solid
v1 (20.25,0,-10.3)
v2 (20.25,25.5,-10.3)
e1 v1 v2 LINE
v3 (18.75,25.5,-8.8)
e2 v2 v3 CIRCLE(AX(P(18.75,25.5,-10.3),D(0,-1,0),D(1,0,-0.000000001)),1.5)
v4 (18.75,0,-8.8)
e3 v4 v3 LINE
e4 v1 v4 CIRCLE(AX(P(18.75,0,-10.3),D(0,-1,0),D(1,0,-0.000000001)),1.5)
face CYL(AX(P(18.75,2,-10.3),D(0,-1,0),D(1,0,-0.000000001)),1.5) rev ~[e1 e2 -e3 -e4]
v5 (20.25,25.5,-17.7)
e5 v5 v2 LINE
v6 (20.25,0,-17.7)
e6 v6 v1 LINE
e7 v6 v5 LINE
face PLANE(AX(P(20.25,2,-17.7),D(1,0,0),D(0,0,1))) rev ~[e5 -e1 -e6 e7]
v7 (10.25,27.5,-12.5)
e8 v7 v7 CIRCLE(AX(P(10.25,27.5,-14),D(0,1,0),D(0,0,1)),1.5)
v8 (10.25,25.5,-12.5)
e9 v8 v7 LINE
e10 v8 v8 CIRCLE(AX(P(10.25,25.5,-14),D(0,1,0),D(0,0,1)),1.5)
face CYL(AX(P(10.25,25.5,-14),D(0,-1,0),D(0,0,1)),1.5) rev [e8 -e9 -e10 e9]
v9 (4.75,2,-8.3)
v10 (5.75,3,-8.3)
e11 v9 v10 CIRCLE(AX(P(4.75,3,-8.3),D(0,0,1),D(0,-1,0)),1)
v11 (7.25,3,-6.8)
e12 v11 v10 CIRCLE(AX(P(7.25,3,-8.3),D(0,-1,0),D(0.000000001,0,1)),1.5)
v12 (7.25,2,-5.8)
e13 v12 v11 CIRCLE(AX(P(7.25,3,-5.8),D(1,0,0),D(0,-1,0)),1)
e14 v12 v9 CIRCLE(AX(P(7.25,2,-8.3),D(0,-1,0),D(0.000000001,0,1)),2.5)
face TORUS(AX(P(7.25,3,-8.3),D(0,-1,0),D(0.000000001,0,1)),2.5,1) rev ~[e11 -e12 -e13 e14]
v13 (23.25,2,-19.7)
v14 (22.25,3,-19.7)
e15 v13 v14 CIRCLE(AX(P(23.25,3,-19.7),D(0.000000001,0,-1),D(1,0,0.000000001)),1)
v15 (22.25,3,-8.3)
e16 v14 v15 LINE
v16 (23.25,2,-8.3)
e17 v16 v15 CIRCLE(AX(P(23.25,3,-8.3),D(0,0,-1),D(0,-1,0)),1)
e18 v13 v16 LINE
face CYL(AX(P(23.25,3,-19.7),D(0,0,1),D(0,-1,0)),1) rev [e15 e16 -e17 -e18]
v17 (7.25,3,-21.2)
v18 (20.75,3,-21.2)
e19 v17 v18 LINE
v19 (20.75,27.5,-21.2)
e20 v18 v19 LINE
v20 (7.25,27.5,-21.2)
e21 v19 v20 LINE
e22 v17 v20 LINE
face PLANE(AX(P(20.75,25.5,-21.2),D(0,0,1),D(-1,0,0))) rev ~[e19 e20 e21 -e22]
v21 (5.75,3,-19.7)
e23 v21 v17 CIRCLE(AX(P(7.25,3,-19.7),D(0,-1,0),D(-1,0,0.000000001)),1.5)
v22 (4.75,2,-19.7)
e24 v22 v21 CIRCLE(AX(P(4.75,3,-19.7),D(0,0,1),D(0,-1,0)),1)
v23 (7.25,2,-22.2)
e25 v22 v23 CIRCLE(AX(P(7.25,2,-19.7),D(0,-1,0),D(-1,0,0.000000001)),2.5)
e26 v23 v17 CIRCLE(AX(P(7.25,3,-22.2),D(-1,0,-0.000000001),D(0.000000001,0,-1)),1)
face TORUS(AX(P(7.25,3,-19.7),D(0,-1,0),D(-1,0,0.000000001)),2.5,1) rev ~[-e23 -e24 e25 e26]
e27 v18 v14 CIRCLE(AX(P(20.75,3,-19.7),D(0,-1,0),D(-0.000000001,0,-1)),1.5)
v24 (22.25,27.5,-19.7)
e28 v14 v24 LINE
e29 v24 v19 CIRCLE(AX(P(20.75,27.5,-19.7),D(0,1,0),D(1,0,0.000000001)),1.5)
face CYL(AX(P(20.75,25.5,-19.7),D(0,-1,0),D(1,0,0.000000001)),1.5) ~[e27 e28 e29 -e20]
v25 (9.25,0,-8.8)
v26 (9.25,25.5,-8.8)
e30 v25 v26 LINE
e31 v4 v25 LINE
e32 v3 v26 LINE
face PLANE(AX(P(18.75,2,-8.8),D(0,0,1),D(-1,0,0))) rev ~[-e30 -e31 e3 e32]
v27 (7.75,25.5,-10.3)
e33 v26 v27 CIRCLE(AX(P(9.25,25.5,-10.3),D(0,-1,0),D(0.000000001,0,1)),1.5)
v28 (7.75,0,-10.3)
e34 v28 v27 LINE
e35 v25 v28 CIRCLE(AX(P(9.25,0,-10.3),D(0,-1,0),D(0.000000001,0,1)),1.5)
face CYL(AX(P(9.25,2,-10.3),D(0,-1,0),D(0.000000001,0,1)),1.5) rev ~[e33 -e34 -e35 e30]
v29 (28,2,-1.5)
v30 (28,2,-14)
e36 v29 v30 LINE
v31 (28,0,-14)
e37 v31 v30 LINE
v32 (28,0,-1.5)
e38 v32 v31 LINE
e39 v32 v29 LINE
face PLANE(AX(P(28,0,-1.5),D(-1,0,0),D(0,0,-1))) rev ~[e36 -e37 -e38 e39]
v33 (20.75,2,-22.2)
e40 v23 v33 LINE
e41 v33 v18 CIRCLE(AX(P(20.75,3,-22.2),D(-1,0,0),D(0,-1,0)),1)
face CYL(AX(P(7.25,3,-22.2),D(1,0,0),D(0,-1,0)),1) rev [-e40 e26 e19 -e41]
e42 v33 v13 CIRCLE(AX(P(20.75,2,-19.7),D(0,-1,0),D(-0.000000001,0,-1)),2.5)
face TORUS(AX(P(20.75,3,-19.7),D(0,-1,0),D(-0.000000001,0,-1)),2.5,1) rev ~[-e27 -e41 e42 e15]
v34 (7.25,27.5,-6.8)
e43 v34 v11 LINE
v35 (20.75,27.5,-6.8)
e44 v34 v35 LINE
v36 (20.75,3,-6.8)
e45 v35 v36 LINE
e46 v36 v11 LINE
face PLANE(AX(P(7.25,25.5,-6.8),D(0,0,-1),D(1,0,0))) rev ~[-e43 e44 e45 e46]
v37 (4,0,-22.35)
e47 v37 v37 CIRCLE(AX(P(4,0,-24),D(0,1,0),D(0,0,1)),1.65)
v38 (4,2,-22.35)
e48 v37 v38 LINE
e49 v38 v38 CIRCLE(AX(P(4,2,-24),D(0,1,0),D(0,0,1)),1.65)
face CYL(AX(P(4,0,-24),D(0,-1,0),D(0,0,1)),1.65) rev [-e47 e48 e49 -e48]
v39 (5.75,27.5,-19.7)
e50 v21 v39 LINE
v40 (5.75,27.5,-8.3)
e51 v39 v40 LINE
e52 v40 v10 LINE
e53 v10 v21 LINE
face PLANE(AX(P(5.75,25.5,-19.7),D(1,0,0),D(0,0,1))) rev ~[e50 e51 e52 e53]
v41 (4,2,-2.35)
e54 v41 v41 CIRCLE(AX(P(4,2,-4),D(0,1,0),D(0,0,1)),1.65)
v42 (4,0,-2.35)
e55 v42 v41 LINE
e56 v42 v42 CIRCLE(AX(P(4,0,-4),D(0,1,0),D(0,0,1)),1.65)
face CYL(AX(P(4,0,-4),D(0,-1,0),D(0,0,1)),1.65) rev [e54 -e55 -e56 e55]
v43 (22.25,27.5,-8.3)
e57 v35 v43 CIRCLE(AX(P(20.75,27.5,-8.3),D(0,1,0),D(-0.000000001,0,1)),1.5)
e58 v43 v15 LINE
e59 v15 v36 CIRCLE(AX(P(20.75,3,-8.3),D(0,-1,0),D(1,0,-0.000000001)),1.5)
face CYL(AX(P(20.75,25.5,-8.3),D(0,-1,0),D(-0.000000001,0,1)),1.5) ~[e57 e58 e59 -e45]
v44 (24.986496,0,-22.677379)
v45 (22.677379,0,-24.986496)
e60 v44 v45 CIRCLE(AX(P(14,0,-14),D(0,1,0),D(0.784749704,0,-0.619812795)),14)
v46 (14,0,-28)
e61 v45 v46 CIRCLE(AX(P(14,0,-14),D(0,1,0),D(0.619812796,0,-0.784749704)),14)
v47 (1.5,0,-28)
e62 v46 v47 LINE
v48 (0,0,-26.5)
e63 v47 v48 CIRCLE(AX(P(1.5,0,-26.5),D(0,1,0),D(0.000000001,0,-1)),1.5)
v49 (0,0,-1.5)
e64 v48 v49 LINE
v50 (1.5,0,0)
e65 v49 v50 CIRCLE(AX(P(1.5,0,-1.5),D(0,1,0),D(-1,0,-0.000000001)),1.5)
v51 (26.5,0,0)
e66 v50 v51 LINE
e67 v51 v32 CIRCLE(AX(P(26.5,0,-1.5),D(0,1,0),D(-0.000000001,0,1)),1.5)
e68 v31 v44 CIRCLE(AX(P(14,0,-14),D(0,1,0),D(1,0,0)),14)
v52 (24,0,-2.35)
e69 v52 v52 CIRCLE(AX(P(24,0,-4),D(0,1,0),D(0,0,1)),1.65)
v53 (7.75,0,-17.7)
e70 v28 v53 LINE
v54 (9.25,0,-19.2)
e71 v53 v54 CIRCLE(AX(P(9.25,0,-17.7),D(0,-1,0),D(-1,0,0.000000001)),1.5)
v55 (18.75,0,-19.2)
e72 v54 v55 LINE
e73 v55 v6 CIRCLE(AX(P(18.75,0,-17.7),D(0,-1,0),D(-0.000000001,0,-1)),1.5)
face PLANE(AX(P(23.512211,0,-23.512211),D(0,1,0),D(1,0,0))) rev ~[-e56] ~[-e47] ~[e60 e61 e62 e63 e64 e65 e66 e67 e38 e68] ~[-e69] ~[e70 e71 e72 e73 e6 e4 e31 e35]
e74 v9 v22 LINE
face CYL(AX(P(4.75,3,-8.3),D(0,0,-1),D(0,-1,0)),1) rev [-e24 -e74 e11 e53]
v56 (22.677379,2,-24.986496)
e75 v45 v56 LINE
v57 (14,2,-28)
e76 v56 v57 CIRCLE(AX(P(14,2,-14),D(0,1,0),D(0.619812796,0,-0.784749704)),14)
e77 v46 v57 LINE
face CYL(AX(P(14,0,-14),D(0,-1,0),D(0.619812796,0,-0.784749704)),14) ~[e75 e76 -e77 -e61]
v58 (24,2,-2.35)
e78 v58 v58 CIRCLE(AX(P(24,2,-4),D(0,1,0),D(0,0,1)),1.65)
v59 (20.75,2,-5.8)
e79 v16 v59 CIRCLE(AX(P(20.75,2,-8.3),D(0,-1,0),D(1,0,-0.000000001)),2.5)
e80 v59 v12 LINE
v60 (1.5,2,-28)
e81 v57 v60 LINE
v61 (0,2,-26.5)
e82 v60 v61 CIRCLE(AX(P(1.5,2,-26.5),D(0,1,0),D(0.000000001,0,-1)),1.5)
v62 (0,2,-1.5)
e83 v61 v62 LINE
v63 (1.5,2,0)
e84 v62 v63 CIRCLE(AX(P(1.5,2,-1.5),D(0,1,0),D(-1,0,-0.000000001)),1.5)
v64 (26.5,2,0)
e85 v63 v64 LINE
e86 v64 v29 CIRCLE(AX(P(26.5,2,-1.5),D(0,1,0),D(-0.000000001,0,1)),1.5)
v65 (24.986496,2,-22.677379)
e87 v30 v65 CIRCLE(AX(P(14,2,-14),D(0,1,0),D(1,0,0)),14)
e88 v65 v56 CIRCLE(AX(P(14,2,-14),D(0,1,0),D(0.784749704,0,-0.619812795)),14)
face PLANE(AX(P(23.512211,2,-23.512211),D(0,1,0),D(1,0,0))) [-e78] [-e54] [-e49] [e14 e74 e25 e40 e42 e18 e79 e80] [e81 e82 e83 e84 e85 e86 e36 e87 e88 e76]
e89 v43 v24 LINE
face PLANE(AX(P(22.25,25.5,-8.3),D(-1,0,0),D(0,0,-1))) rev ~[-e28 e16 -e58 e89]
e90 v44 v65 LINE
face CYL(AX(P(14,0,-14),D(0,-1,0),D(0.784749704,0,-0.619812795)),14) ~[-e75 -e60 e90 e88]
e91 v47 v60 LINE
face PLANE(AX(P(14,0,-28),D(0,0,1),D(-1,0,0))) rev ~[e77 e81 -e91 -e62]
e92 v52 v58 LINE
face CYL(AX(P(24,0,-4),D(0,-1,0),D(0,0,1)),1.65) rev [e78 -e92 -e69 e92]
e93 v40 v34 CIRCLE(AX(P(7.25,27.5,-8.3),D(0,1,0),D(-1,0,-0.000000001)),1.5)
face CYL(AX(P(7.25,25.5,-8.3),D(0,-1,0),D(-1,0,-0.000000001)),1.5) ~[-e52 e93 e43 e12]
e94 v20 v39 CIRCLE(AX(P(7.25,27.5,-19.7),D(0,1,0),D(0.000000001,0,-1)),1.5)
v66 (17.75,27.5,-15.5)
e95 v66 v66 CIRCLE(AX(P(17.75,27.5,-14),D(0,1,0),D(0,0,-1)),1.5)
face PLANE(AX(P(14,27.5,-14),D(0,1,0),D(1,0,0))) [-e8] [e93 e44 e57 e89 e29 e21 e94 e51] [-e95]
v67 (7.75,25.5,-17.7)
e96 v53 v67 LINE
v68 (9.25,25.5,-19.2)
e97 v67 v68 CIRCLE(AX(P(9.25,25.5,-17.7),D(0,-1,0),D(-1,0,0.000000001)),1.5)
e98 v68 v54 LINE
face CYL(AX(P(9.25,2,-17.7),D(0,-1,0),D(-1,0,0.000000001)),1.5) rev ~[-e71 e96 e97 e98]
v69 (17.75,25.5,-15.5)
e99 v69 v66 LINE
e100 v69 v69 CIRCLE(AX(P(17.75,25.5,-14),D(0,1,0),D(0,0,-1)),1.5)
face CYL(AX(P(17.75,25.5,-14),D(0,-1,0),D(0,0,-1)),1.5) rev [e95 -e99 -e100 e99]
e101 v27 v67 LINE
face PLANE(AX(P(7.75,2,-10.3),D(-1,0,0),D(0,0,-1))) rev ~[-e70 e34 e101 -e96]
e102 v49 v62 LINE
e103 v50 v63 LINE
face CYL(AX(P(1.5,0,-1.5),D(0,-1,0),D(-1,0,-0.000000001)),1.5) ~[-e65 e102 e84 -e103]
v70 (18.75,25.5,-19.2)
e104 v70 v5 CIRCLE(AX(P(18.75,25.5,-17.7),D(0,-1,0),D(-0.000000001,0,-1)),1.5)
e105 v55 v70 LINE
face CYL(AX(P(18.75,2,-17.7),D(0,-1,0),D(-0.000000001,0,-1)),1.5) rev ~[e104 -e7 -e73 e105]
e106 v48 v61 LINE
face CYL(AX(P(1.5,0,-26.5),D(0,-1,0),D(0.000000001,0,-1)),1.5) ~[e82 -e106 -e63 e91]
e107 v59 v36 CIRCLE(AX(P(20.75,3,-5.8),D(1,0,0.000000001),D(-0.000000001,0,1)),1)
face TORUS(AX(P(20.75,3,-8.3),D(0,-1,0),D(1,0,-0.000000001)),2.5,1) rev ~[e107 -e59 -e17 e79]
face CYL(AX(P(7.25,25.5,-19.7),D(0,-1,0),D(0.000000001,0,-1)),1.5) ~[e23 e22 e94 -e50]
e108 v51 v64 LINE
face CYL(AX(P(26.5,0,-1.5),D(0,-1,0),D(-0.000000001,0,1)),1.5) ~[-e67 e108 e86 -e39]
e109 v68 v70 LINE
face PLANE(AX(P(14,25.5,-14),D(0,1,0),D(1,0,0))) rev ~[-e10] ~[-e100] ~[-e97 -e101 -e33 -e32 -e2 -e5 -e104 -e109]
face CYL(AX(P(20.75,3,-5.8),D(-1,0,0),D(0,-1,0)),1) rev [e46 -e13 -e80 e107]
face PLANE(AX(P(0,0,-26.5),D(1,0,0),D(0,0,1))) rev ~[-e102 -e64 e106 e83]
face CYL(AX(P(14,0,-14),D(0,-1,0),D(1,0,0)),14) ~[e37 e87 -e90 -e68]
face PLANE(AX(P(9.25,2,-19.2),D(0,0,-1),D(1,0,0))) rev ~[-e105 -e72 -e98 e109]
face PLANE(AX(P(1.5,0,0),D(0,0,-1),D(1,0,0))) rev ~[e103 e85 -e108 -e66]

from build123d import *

# Parameters (mm, degrees)
SKETCH_1_R      = 1.65
EXTRUDE_1_DEPTH = 2
EXTRUDE_3_DEPTH = 23.5
SKETCH_3_R      = 1.5
EXTRUDE_4_DEPTH = 2
FILLET_1_R      = 1


with BuildPart() as part:
    # 草图1 → 凸台-拉伸1 (new body)
    # profile 1 of 2: a face of its own
    with BuildSketch(Plane(origin=(0, 0, 0), x_dir=(1, 0, 0), z_dir=(0, 1, 0))):
        with BuildLine():
            ThreePointArc((0, 1.5), (0.439339828, 0.439339828), (1.5, 0))
            Line((1.5, 0), (26.5, 0))
            ThreePointArc((26.5, 0), (27.560660172, 0.439339828), (28, 1.5))
            Line((28, 1.5), (28, 14))
            ThreePointArc((28, 14), (27.225183212, 18.592878075), (24.986495855, 22.677379145))
            ThreePointArc((24.986495855, 22.677379145), (22.833273811, 22.833273811), (22.677379145, 24.986495855))
            ThreePointArc((22.677379145, 24.986495855), (18.592878075, 27.225183212), (14, 28))
            Line((14, 28), (1.5, 28))
            ThreePointArc((1.5, 28), (0.439339828, 27.560660172), (0, 26.5))
            Line((0, 26.5), (0, 1.5))
        make_face()
        with Locations(Location((4, 4, 0), (0, 0, 270))):
            Circle(SKETCH_1_R, mode=Mode.SUBTRACT)
        with Locations(Location((24, 4, 0), (0, 0, 270))):
            Circle(SKETCH_1_R, mode=Mode.SUBTRACT)
        with Locations(Location((4, 24, 0), (0, 0, 270))):
            Circle(SKETCH_1_R, mode=Mode.SUBTRACT)
        with BuildLine():
            Line((18.75, 8.8), (9.25, 8.8))
            ThreePointArc((9.25, 8.8), (8.189339828, 9.239339828), (7.75, 10.3))
            Line((7.75, 10.3), (7.75, 17.7))
            ThreePointArc((7.75, 17.7), (8.189339828, 18.760660172), (9.25, 19.2))
            Line((9.25, 19.2), (18.75, 19.2))
            ThreePointArc((18.75, 19.2), (19.810660172, 18.760660172), (20.25, 17.7))
            Line((20.25, 17.7), (20.25, 10.3))
            ThreePointArc((20.25, 10.3), (19.810660172, 9.239339828), (18.75, 8.8))
        make_face(mode=Mode.SUBTRACT)
    # profile 2 of 2: a face of its own
    with BuildSketch(Plane(origin=(0, 0, 0), x_dir=(1, 0, 0), z_dir=(0, 1, 0))):
        with BuildLine():
            ThreePointArc((22.677379145, 24.986495855), (22.833273811, 22.833273811), (24.986495855, 22.677379145))
            ThreePointArc((24.986495855, 22.677379145), (23.899494937, 23.899494937), (22.677379145, 24.986495855))
        make_face()
    extrude(amount=EXTRUDE_1_DEPTH)

    # 草图2 → 凸台-拉伸3 (add)
    with BuildSketch(Plane(origin=(0, 2, 0), x_dir=(1, 0, 0), z_dir=(0, 1, 0))):
        with BuildLine():
            Line((7.25, 21.2), (20.75, 21.2))
            ThreePointArc((20.75, 21.2), (21.810660172, 20.760660172), (22.25, 19.7))
            Line((22.25, 19.7), (22.25, 8.3))
            ThreePointArc((22.25, 8.3), (21.810660172, 7.239339828), (20.75, 6.8))
            Line((20.75, 6.8), (7.25, 6.8))
            ThreePointArc((7.25, 6.8), (6.189339828, 7.239339828), (5.75, 8.3))
            Line((5.75, 8.3), (5.75, 19.7))
            ThreePointArc((5.75, 19.7), (6.189339828, 20.760660172), (7.25, 21.2))
        make_face()
        with BuildLine():
            Line((9.25, 19.2), (18.75, 19.2))
            ThreePointArc((18.75, 19.2), (19.810660172, 18.760660172), (20.25, 17.7))
            Line((20.25, 17.7), (20.25, 10.3))
            ThreePointArc((20.25, 10.3), (19.810660172, 9.239339828), (18.75, 8.8))
            Line((18.75, 8.8), (9.25, 8.8))
            ThreePointArc((9.25, 8.8), (8.189339828, 9.239339828), (7.75, 10.3))
            Line((7.75, 10.3), (7.75, 17.7))
            ThreePointArc((7.75, 17.7), (8.189339828, 18.760660172), (9.25, 19.2))
        make_face(mode=Mode.SUBTRACT)
    extrude(amount=EXTRUDE_3_DEPTH)

    # 草图3 → 凸台-拉伸4 (add)
    with BuildSketch(Plane(origin=(0, 25.5, 0), x_dir=(1, 0, 0), z_dir=(0, 1, 0))):
        with BuildLine():
            Line((22.25, 8.3), (22.25, 19.7))
            ThreePointArc((22.25, 19.7), (21.810660172, 20.760660172), (20.75, 21.2))
            Line((20.75, 21.2), (7.25, 21.2))
            ThreePointArc((7.25, 21.2), (6.189339828, 20.760660172), (5.75, 19.7))
            Line((5.75, 19.7), (5.75, 8.3))
            ThreePointArc((5.75, 8.3), (6.189339828, 7.239339828), (7.25, 6.8))
            Line((7.25, 6.8), (20.75, 6.8))
            ThreePointArc((20.75, 6.8), (21.810660172, 7.239339828), (22.25, 8.3))
        make_face()
        with Locations(Location((10.25, 14, 0), (0, 0, 270))):
            Circle(SKETCH_3_R, mode=Mode.SUBTRACT)
        with Locations(Location((17.75, 14, 0), (0, 0, 90))):
            Circle(SKETCH_3_R, mode=Mode.SUBTRACT)
    extrude(amount=EXTRUDE_4_DEPTH)

    # 圆角1
    fillet_1_edges = [part.edges().sort_by_distance(p)[0] for p in [
        (5.75, 2, -14),
        (14, 2, -21.2),
        (22.25, 2, -14),
        (14, 2, -6.8),
        (6.189339828, 2, -7.239339828),
        (21.810660172, 2, -7.239339828),
        (21.810660172, 2, -20.760660172),
        (6.189339828, 2, -20.760660172),
    ]]
    fillet(fillet_1_edges, radius=FILLET_1_R)


solid = part.part
